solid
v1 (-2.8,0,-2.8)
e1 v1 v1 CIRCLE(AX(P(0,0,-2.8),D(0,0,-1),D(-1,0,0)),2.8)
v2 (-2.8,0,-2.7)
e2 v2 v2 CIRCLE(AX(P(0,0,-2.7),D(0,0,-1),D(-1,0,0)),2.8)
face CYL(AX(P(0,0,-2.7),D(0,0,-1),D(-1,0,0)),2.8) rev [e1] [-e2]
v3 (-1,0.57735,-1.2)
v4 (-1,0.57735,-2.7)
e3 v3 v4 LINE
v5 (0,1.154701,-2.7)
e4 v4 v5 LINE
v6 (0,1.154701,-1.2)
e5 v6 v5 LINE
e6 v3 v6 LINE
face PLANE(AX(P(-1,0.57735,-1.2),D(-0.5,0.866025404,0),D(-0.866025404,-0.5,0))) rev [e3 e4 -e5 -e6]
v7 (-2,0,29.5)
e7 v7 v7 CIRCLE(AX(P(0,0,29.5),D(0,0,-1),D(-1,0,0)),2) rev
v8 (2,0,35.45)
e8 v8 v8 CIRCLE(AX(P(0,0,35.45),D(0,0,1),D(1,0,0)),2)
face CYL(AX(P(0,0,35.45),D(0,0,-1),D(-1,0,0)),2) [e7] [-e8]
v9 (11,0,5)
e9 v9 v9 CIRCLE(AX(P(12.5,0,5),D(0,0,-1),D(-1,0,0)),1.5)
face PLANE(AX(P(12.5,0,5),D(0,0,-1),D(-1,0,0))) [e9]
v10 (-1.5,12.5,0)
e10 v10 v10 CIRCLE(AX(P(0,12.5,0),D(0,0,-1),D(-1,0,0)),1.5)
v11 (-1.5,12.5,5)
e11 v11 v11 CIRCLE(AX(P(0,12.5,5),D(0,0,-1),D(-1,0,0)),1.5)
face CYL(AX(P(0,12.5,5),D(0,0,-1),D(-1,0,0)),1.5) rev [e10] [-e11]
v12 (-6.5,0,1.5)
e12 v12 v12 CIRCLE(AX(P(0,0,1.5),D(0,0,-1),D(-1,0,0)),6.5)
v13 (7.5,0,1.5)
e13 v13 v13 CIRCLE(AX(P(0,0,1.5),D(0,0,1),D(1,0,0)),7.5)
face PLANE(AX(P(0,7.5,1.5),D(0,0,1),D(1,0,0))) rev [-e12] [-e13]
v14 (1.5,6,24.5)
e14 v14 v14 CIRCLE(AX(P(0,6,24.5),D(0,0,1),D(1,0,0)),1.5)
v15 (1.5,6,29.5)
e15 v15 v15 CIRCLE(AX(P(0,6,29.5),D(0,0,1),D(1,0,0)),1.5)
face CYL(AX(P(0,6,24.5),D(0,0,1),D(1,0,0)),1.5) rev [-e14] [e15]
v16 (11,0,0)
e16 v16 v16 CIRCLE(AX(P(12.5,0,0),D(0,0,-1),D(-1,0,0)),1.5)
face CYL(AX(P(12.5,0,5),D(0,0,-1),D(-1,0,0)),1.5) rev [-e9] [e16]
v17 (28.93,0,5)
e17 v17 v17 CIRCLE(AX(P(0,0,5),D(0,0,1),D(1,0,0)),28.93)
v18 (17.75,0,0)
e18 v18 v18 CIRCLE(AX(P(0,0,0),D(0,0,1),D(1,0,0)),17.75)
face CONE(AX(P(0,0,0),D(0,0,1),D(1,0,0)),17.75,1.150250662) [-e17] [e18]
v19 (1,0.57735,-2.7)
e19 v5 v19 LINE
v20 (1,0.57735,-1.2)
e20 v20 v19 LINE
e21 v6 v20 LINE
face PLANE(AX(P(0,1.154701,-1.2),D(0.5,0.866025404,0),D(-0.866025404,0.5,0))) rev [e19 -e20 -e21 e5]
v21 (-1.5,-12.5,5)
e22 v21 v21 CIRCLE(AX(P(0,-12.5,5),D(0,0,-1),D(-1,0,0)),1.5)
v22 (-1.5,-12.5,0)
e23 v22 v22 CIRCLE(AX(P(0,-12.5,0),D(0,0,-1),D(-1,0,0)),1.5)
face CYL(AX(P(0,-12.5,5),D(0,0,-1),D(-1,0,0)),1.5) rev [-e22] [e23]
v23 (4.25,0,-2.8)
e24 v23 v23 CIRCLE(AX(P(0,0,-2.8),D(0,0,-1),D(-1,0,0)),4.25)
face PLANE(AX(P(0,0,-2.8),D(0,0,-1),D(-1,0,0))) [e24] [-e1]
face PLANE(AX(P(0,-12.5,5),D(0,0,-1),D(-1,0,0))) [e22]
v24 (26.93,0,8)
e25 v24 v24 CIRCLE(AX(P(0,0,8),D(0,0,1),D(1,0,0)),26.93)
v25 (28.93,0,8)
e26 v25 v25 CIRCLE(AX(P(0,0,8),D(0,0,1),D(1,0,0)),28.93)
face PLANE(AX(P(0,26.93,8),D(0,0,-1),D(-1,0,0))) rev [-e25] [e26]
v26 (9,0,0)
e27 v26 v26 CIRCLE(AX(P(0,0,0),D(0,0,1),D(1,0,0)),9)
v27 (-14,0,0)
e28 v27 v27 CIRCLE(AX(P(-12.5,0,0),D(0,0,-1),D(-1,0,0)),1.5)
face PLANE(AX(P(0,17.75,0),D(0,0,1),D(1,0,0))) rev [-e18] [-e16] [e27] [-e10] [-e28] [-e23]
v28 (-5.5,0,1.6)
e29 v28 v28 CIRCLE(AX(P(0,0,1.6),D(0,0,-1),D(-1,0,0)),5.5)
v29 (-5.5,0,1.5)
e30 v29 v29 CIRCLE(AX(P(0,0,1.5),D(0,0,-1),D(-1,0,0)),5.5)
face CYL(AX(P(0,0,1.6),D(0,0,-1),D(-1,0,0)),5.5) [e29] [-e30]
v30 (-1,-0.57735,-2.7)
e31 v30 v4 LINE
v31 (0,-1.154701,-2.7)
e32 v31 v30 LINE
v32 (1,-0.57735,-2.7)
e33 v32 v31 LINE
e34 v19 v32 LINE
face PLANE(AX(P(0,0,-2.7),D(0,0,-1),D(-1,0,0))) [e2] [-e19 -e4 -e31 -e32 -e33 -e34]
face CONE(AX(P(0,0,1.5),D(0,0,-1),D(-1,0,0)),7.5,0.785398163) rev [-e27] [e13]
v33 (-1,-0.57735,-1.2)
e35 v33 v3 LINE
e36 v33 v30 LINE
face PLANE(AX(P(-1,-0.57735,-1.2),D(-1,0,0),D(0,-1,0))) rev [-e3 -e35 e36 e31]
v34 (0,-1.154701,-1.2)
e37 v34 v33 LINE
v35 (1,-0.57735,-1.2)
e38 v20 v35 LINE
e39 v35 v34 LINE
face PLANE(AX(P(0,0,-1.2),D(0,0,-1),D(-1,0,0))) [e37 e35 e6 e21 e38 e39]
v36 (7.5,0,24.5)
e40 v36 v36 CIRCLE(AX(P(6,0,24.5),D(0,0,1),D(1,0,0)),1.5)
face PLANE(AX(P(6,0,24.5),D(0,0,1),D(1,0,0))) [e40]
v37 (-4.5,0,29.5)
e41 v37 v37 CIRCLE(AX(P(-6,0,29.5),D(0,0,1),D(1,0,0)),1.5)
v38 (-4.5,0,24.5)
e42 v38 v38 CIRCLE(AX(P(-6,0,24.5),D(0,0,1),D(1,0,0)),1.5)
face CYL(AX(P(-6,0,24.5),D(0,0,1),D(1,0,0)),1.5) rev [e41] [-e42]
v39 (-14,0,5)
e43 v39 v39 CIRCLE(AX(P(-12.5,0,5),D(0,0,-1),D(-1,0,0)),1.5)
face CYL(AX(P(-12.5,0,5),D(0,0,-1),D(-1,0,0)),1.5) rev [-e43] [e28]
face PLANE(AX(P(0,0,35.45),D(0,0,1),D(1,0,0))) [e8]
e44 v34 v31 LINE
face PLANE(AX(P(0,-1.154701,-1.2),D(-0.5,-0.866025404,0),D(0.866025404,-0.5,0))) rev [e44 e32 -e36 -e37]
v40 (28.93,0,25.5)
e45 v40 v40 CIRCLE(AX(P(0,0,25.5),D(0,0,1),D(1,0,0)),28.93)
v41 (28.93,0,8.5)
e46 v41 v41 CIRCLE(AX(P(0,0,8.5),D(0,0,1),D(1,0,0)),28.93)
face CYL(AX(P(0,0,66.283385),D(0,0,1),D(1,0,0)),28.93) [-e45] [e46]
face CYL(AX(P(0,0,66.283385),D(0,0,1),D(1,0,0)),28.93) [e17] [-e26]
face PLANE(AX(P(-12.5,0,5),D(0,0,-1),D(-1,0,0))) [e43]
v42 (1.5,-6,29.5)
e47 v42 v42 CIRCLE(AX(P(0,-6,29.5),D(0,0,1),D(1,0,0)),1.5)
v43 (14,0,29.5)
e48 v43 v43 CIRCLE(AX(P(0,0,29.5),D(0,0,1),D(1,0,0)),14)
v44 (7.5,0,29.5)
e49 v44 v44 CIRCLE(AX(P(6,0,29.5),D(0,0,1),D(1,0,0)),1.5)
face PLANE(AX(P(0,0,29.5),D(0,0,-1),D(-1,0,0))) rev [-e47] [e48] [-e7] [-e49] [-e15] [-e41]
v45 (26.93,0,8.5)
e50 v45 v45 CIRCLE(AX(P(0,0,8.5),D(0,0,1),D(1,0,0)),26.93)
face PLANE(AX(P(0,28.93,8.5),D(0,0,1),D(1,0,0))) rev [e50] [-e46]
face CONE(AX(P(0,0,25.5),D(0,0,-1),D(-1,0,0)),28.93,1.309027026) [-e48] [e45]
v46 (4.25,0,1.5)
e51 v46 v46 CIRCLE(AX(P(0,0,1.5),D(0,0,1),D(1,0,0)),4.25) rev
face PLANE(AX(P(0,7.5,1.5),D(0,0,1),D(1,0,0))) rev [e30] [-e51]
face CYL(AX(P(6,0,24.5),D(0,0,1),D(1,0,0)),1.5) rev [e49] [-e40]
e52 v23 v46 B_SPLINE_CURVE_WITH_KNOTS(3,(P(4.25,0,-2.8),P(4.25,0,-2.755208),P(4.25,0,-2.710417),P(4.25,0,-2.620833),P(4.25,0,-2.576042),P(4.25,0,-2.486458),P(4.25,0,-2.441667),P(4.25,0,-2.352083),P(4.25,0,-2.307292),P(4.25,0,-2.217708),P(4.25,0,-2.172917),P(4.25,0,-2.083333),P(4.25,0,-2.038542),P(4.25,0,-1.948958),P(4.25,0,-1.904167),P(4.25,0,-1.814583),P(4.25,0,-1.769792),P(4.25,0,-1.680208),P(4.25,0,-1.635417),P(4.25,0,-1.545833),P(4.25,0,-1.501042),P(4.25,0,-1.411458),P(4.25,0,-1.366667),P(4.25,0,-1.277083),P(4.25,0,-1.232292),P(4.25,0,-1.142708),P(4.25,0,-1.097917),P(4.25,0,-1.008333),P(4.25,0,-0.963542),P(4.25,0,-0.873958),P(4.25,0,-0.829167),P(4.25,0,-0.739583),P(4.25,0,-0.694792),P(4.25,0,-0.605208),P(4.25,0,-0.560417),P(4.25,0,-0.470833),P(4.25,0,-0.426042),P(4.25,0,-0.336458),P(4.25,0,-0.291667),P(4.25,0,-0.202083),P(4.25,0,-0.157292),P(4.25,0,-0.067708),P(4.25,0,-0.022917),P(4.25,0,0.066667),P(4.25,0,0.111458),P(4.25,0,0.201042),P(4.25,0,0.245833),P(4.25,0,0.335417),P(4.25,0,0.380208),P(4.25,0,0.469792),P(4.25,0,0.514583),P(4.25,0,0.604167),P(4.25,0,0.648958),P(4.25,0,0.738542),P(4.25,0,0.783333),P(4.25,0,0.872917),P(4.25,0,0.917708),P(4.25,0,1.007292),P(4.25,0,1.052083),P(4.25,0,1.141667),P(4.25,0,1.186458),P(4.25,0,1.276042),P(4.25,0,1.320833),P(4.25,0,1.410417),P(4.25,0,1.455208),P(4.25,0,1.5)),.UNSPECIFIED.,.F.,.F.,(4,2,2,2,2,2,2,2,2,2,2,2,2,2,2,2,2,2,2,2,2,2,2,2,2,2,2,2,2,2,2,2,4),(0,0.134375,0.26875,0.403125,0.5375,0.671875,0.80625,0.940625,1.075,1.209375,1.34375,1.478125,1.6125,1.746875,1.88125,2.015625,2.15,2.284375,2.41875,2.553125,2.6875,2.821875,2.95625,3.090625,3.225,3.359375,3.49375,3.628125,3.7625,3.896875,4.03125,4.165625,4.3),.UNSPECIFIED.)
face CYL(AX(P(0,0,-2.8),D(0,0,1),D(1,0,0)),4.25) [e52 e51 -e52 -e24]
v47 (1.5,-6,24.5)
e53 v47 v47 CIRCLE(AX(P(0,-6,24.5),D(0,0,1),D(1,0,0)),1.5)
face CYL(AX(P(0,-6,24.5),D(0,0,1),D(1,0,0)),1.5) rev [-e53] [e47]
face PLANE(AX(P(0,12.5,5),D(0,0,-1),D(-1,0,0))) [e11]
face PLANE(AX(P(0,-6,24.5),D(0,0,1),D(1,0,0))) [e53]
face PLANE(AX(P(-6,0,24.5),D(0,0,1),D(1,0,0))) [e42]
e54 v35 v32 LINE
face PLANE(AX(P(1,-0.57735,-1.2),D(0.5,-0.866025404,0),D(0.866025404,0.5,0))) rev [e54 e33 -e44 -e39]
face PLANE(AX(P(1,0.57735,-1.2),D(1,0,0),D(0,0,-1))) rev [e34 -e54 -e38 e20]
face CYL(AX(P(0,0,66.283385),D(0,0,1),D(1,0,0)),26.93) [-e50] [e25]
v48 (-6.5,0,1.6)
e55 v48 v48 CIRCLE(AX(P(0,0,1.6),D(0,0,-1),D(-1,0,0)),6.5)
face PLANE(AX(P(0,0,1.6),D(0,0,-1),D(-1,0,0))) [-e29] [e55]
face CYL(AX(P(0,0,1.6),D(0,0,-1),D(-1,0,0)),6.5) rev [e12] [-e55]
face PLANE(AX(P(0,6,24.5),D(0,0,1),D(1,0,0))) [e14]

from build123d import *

# Parameters (mm, degrees)
SKETCH4_R           = 2
BOSS_EXTRUDE1_DEPTH = 5.95
SKETCH5_R           = 1.5
CUT_EXTRUDE1_DEPTH  = 5
SKETCH6_R           = 1.5
CUT_EXTRUDE2_DEPTH  = 5
SKETCH7_R           = 4.25
BOSS_EXTRUDE2_DEPTH = 4.3
SKETCH8_R           = 2.8
CUT_EXTRUDE3_DEPTH  = 0.1
CUT_EXTRUDE4_DEPTH  = 1.5
SKETCH10_R          = 6.5
SKETCH10_R_2        = 5.5
CUT_EXTRUDE5_DEPTH  = 0.1


with BuildPart() as part:
    # Sketch3 → Revolve1 (revolve)
    with BuildSketch(Plane(origin=(0, 0, 0), x_dir=(0, 0, -1), z_dir=(1, 0, 0)), mode=Mode.PRIVATE) as revolve1_sk:
        Polygon((-29.5, 0), (-29.5, 14), (-25.5, 28.93), (-8.5, 28.93), (-8.5, 26.93), (-8, 26.93), (-8, 28.93), (-5, 28.93), (0, 17.75), (0, 9), (-1.5, 7.5), (-1.5, 0), align=None)
    revolve(revolve1_sk.sketch.rotate(Axis((0, 0, 66.283384922), (0, 0, -1)), 90), axis=Axis((0, 0, 66.283384922), (0, 0, -1)))

    # Sketch4 → Boss-Extrude1 (add)
    with BuildSketch(Plane.XY.offset(29.5)):
        with Locations(Location((0, 0, 0), (0, 0, 180))):
            Circle(SKETCH4_R)
    extrude(amount=BOSS_EXTRUDE1_DEPTH)

    # Sketch5 → Cut-Extrude1 (cut)
    with BuildSketch(Plane.XY.offset(29.5)):
        with Locations((0, 6)):
            Circle(SKETCH5_R)
        with Locations((6, 0)):
            Circle(SKETCH5_R)
        with Locations((0, -6)):
            Circle(SKETCH5_R)
        with Locations((-6, 0)):
            Circle(SKETCH5_R)
    extrude(amount=-CUT_EXTRUDE1_DEPTH, mode=Mode.SUBTRACT)

    # Sketch6 → Cut-Extrude2 (cut)
    with BuildSketch(Plane(origin=(0, 0, 0), x_dir=(-1, 0, 0), z_dir=(0, 0, -1))):
        with Locations((0, 12.5)):
            Circle(SKETCH6_R)
        with Locations((12.5, 0)):
            Circle(SKETCH6_R)
        with Locations((0, -12.5)):
            Circle(SKETCH6_R)
        with Locations((-12.5, 0)):
            Circle(SKETCH6_R)
    extrude(amount=-CUT_EXTRUDE2_DEPTH, mode=Mode.SUBTRACT)

    # Sketch7 → Boss-Extrude2 (add)
    with BuildSketch(Plane(origin=(0, 0, 1.5), x_dir=(-1, 0, 0), z_dir=(0, 0, -1))):
        with Locations(Location((0, 0, 0), (0, 0, 180))):
            Circle(SKETCH7_R)
    extrude(amount=BOSS_EXTRUDE2_DEPTH)

    # Sketch8 → Cut-Extrude3 (cut)
    with BuildSketch(Plane(origin=(0, 0, -2.8), x_dir=(-1, 0, 0), z_dir=(0, 0, -1))):
        Circle(SKETCH8_R)
    extrude(amount=-CUT_EXTRUDE3_DEPTH, mode=Mode.SUBTRACT)

    # Sketch9 → Cut-Extrude4 (cut)
    with BuildSketch(Plane(origin=(0, 0, -2.7), x_dir=(-1, 0, 0), z_dir=(0, 0, -1))):
        Polygon((0, -1.154700538), (1, -0.577350269), (1, 0.577350269), (0, 1.154700538), (-1, 0.577350269), (-1, -0.577350269), align=None)
    extrude(amount=-CUT_EXTRUDE4_DEPTH, mode=Mode.SUBTRACT)

    # Sketch10 → Cut-Extrude5 (cut)
    with BuildSketch(Plane(origin=(0, 0, 1.5), x_dir=(-1, 0, 0), z_dir=(0, 0, -1))):
        Circle(SKETCH10_R)
        Circle(SKETCH10_R_2, mode=Mode.SUBTRACT)
    extrude(amount=-CUT_EXTRUDE5_DEPTH, mode=Mode.SUBTRACT)


solid = part.part
